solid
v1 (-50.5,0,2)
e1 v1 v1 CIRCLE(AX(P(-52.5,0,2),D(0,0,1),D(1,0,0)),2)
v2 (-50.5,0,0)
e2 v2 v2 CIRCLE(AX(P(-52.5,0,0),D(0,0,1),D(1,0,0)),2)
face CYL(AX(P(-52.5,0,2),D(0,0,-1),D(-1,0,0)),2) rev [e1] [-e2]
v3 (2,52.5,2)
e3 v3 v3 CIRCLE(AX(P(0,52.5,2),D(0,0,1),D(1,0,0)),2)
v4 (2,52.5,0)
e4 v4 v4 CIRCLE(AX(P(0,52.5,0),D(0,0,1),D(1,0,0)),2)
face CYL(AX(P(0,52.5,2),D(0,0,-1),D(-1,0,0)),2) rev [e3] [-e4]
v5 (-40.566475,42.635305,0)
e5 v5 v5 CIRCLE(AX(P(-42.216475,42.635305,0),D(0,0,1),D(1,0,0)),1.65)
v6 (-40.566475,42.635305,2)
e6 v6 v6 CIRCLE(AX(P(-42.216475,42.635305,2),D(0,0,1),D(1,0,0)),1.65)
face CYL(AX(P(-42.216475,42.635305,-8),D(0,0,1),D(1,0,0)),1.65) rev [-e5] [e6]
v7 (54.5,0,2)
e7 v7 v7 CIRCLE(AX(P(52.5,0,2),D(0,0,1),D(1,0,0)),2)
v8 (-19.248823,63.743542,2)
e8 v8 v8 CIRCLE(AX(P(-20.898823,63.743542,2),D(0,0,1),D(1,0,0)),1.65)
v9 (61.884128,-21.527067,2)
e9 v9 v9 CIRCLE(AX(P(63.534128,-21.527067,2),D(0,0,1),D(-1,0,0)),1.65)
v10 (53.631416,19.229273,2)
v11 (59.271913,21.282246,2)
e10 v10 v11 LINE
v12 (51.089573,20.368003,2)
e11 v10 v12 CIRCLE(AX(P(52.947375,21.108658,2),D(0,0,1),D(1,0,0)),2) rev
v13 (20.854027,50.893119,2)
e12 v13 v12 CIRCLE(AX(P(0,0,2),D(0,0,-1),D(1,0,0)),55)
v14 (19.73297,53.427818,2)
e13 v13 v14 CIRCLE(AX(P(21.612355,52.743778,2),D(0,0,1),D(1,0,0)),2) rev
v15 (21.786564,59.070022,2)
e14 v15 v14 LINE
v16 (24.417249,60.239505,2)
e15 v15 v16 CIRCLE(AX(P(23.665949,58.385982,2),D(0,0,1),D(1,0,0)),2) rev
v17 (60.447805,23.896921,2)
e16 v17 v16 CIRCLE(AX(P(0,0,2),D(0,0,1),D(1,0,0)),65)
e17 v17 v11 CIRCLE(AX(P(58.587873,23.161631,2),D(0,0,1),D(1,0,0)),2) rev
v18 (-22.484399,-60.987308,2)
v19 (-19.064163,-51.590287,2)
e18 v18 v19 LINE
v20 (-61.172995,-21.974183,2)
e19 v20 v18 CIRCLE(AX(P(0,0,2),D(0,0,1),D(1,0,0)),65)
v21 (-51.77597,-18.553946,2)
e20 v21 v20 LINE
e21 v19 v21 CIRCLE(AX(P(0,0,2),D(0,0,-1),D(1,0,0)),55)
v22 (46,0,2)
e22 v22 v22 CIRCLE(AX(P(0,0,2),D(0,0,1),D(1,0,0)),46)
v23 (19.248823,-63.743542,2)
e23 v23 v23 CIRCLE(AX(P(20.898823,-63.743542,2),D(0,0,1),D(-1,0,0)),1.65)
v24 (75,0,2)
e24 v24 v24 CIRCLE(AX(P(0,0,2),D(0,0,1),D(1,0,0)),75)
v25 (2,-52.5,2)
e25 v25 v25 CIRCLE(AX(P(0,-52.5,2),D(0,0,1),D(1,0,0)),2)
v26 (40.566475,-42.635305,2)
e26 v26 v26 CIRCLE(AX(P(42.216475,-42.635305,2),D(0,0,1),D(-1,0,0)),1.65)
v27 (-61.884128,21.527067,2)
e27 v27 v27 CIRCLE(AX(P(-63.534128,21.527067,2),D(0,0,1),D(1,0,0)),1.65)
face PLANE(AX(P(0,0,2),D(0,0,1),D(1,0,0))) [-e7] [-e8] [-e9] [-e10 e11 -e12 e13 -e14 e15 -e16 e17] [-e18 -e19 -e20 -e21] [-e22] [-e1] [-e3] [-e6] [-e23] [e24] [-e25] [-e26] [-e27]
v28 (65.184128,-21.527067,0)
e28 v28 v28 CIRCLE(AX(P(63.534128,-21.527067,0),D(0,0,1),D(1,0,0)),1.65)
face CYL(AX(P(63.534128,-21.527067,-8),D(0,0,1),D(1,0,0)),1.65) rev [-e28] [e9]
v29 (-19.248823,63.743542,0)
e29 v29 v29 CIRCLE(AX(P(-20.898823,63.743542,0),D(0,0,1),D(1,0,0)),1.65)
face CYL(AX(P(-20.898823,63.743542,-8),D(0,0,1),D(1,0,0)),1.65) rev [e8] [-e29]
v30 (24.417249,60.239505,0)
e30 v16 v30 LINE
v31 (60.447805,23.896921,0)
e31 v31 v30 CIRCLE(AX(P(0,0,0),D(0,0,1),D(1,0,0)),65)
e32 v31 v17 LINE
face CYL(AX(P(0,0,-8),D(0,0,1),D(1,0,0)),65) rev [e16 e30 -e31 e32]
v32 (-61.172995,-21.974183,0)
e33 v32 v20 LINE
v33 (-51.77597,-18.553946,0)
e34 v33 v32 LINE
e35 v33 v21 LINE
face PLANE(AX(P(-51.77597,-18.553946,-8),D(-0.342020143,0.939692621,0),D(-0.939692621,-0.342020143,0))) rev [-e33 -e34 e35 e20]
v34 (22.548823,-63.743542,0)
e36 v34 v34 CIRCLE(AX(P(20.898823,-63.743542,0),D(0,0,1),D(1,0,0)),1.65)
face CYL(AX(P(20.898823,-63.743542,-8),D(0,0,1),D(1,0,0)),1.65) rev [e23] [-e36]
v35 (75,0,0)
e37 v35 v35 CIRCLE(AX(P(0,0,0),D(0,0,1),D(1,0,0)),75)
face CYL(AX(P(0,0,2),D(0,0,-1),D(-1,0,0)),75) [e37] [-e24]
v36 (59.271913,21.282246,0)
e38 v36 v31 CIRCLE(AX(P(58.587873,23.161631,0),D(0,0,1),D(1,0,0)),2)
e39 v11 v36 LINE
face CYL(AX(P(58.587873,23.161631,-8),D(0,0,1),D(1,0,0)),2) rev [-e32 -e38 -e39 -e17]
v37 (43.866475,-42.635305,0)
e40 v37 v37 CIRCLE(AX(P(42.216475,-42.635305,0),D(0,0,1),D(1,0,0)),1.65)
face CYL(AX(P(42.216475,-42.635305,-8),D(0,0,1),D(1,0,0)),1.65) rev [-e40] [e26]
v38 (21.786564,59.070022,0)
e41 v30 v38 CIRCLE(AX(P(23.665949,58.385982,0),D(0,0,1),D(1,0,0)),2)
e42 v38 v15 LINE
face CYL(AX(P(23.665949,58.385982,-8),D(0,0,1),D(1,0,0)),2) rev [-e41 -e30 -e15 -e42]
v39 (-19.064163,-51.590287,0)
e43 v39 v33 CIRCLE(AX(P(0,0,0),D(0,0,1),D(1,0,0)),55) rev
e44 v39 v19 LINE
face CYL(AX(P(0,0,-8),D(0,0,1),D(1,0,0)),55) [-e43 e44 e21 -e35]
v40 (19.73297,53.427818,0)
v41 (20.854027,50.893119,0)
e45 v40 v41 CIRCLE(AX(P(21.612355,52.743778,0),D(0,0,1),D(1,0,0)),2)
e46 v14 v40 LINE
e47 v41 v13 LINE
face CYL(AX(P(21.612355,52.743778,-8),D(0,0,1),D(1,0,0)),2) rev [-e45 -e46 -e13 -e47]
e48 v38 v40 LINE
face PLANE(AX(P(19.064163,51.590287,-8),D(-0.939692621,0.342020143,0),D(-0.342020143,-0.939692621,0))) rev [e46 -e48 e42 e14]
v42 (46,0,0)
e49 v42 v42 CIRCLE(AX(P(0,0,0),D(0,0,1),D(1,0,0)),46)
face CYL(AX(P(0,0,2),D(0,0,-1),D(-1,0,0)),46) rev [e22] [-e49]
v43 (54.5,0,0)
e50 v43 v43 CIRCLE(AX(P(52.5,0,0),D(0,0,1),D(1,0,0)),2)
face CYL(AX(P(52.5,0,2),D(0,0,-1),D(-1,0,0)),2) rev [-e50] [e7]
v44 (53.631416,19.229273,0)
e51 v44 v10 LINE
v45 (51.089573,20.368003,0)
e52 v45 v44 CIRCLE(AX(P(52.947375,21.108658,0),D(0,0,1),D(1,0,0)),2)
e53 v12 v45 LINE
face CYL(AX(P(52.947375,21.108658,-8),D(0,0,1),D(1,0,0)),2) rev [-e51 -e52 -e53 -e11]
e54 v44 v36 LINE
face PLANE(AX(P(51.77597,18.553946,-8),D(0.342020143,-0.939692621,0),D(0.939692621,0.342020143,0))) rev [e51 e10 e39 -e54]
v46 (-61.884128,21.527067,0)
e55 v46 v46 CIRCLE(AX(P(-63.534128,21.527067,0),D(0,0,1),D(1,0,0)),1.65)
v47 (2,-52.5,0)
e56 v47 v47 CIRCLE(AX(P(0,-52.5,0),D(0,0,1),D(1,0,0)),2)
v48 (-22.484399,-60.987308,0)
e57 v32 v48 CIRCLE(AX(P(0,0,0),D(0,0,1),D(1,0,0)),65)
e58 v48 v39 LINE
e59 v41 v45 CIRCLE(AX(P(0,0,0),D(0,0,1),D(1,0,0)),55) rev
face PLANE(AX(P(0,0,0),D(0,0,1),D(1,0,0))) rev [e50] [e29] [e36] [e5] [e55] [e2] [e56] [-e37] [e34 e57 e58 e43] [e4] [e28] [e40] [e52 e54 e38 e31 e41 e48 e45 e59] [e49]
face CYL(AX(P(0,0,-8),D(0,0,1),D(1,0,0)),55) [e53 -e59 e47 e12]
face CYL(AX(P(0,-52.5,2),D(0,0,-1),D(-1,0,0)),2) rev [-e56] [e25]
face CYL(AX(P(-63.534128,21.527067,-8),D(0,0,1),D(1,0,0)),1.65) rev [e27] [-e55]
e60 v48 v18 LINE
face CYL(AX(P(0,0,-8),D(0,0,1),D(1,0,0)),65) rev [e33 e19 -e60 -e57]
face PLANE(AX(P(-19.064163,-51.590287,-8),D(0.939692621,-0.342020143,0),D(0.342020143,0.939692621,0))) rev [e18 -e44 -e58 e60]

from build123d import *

# Parameters (mm, degrees)
SKETCH_1_R          = 75
SKETCH_1_R_2        = 2
SKETCH_1_R_3        = 46
EXTRUDE_1_DEPTH     = 2
CUT_EXTRUDE_2_DEPTH = 10
SKETCH_5_R          = 1.65
CUT_EXTRUDE_3_DEPTH = 10
FILLET_2_R          = 2


with BuildPart() as part:
    # 草图1 → 凸台-拉伸1 (new body)
    with BuildSketch(Plane.XY):
        Circle(SKETCH_1_R)
        with Locations((-52.5, 0)):
            Circle(SKETCH_1_R_2, mode=Mode.SUBTRACT)
        with Locations((0, 52.5)):
            Circle(SKETCH_1_R_2, mode=Mode.SUBTRACT)
        with Locations((52.5, 0)):
            Circle(SKETCH_1_R_2, mode=Mode.SUBTRACT)
        with Locations((0, -52.5)):
            Circle(SKETCH_1_R_2, mode=Mode.SUBTRACT)
        Circle(SKETCH_1_R_3, mode=Mode.SUBTRACT)
    extrude(amount=EXTRUDE_1_DEPTH)

    # 草图3 → 切除-拉伸2 (cut)
    with BuildSketch(Plane.XY.offset(2)):
        with BuildLine():
            Line((-51.775970298, -18.553945664), (-61.172994758, -21.974182859))
            ThreePointArc((-61.172994758, -21.974182859), (-46.153503513, -45.769576287), (-22.484399296, -60.98730842))
            Line((-22.484399296, -60.98730842), (-19.064163111, -51.59028673))
            ThreePointArc((-19.064163111, -51.59028673), (-39.082362813, -38.698435587), (-51.775970298, -18.553945664))
        make_face()
        with BuildLine():
            Line((51.775970298, 18.553945664), (61.172994758, 21.974182859))
            ThreePointArc((61.172994758, 21.974182859), (46.153503513, 45.769576287), (22.484399296, 60.98730842))
            Line((22.484399296, 60.98730842), (19.064163111, 51.59028673))
            ThreePointArc((19.064163111, 51.59028673), (39.082362813, 38.698435587), (51.775970298, 18.553945664))
        make_face()
    extrude(amount=-CUT_EXTRUDE_2_DEPTH, mode=Mode.SUBTRACT)

    # 草图5 → 切除-拉伸3 (cut)
    with BuildSketch(Plane.XY.offset(2)):
        with Locations((-63.53412763, 21.527067294)):
            Circle(SKETCH_5_R)
        with Locations((-42.216475186, 42.635304887)):
            Circle(SKETCH_5_R)
        with Locations((-20.898822743, 63.743542481)):
            Circle(SKETCH_5_R)
        with Locations((63.53412763, -21.527067294)):
            Circle(SKETCH_5_R)
        with Locations((42.216475186, -42.635304887)):
            Circle(SKETCH_5_R)
        with Locations((20.898822743, -63.743542481)):
            Circle(SKETCH_5_R)
    extrude(amount=-CUT_EXTRUDE_3_DEPTH, mode=Mode.SUBTRACT)

    # 圆角2
    fillet_2_edges = [part.edges().sort_by_distance(p)[0] for p in [
        (51.775970298, 18.553945664, 1),
        (19.064163111, 51.59028673, 1),
        (22.484399296, 60.98730842, 1),
        (61.172994758, 21.974182859, 1),
    ]]
    fillet(fillet_2_edges, radius=FILLET_2_R)


solid = part.part
